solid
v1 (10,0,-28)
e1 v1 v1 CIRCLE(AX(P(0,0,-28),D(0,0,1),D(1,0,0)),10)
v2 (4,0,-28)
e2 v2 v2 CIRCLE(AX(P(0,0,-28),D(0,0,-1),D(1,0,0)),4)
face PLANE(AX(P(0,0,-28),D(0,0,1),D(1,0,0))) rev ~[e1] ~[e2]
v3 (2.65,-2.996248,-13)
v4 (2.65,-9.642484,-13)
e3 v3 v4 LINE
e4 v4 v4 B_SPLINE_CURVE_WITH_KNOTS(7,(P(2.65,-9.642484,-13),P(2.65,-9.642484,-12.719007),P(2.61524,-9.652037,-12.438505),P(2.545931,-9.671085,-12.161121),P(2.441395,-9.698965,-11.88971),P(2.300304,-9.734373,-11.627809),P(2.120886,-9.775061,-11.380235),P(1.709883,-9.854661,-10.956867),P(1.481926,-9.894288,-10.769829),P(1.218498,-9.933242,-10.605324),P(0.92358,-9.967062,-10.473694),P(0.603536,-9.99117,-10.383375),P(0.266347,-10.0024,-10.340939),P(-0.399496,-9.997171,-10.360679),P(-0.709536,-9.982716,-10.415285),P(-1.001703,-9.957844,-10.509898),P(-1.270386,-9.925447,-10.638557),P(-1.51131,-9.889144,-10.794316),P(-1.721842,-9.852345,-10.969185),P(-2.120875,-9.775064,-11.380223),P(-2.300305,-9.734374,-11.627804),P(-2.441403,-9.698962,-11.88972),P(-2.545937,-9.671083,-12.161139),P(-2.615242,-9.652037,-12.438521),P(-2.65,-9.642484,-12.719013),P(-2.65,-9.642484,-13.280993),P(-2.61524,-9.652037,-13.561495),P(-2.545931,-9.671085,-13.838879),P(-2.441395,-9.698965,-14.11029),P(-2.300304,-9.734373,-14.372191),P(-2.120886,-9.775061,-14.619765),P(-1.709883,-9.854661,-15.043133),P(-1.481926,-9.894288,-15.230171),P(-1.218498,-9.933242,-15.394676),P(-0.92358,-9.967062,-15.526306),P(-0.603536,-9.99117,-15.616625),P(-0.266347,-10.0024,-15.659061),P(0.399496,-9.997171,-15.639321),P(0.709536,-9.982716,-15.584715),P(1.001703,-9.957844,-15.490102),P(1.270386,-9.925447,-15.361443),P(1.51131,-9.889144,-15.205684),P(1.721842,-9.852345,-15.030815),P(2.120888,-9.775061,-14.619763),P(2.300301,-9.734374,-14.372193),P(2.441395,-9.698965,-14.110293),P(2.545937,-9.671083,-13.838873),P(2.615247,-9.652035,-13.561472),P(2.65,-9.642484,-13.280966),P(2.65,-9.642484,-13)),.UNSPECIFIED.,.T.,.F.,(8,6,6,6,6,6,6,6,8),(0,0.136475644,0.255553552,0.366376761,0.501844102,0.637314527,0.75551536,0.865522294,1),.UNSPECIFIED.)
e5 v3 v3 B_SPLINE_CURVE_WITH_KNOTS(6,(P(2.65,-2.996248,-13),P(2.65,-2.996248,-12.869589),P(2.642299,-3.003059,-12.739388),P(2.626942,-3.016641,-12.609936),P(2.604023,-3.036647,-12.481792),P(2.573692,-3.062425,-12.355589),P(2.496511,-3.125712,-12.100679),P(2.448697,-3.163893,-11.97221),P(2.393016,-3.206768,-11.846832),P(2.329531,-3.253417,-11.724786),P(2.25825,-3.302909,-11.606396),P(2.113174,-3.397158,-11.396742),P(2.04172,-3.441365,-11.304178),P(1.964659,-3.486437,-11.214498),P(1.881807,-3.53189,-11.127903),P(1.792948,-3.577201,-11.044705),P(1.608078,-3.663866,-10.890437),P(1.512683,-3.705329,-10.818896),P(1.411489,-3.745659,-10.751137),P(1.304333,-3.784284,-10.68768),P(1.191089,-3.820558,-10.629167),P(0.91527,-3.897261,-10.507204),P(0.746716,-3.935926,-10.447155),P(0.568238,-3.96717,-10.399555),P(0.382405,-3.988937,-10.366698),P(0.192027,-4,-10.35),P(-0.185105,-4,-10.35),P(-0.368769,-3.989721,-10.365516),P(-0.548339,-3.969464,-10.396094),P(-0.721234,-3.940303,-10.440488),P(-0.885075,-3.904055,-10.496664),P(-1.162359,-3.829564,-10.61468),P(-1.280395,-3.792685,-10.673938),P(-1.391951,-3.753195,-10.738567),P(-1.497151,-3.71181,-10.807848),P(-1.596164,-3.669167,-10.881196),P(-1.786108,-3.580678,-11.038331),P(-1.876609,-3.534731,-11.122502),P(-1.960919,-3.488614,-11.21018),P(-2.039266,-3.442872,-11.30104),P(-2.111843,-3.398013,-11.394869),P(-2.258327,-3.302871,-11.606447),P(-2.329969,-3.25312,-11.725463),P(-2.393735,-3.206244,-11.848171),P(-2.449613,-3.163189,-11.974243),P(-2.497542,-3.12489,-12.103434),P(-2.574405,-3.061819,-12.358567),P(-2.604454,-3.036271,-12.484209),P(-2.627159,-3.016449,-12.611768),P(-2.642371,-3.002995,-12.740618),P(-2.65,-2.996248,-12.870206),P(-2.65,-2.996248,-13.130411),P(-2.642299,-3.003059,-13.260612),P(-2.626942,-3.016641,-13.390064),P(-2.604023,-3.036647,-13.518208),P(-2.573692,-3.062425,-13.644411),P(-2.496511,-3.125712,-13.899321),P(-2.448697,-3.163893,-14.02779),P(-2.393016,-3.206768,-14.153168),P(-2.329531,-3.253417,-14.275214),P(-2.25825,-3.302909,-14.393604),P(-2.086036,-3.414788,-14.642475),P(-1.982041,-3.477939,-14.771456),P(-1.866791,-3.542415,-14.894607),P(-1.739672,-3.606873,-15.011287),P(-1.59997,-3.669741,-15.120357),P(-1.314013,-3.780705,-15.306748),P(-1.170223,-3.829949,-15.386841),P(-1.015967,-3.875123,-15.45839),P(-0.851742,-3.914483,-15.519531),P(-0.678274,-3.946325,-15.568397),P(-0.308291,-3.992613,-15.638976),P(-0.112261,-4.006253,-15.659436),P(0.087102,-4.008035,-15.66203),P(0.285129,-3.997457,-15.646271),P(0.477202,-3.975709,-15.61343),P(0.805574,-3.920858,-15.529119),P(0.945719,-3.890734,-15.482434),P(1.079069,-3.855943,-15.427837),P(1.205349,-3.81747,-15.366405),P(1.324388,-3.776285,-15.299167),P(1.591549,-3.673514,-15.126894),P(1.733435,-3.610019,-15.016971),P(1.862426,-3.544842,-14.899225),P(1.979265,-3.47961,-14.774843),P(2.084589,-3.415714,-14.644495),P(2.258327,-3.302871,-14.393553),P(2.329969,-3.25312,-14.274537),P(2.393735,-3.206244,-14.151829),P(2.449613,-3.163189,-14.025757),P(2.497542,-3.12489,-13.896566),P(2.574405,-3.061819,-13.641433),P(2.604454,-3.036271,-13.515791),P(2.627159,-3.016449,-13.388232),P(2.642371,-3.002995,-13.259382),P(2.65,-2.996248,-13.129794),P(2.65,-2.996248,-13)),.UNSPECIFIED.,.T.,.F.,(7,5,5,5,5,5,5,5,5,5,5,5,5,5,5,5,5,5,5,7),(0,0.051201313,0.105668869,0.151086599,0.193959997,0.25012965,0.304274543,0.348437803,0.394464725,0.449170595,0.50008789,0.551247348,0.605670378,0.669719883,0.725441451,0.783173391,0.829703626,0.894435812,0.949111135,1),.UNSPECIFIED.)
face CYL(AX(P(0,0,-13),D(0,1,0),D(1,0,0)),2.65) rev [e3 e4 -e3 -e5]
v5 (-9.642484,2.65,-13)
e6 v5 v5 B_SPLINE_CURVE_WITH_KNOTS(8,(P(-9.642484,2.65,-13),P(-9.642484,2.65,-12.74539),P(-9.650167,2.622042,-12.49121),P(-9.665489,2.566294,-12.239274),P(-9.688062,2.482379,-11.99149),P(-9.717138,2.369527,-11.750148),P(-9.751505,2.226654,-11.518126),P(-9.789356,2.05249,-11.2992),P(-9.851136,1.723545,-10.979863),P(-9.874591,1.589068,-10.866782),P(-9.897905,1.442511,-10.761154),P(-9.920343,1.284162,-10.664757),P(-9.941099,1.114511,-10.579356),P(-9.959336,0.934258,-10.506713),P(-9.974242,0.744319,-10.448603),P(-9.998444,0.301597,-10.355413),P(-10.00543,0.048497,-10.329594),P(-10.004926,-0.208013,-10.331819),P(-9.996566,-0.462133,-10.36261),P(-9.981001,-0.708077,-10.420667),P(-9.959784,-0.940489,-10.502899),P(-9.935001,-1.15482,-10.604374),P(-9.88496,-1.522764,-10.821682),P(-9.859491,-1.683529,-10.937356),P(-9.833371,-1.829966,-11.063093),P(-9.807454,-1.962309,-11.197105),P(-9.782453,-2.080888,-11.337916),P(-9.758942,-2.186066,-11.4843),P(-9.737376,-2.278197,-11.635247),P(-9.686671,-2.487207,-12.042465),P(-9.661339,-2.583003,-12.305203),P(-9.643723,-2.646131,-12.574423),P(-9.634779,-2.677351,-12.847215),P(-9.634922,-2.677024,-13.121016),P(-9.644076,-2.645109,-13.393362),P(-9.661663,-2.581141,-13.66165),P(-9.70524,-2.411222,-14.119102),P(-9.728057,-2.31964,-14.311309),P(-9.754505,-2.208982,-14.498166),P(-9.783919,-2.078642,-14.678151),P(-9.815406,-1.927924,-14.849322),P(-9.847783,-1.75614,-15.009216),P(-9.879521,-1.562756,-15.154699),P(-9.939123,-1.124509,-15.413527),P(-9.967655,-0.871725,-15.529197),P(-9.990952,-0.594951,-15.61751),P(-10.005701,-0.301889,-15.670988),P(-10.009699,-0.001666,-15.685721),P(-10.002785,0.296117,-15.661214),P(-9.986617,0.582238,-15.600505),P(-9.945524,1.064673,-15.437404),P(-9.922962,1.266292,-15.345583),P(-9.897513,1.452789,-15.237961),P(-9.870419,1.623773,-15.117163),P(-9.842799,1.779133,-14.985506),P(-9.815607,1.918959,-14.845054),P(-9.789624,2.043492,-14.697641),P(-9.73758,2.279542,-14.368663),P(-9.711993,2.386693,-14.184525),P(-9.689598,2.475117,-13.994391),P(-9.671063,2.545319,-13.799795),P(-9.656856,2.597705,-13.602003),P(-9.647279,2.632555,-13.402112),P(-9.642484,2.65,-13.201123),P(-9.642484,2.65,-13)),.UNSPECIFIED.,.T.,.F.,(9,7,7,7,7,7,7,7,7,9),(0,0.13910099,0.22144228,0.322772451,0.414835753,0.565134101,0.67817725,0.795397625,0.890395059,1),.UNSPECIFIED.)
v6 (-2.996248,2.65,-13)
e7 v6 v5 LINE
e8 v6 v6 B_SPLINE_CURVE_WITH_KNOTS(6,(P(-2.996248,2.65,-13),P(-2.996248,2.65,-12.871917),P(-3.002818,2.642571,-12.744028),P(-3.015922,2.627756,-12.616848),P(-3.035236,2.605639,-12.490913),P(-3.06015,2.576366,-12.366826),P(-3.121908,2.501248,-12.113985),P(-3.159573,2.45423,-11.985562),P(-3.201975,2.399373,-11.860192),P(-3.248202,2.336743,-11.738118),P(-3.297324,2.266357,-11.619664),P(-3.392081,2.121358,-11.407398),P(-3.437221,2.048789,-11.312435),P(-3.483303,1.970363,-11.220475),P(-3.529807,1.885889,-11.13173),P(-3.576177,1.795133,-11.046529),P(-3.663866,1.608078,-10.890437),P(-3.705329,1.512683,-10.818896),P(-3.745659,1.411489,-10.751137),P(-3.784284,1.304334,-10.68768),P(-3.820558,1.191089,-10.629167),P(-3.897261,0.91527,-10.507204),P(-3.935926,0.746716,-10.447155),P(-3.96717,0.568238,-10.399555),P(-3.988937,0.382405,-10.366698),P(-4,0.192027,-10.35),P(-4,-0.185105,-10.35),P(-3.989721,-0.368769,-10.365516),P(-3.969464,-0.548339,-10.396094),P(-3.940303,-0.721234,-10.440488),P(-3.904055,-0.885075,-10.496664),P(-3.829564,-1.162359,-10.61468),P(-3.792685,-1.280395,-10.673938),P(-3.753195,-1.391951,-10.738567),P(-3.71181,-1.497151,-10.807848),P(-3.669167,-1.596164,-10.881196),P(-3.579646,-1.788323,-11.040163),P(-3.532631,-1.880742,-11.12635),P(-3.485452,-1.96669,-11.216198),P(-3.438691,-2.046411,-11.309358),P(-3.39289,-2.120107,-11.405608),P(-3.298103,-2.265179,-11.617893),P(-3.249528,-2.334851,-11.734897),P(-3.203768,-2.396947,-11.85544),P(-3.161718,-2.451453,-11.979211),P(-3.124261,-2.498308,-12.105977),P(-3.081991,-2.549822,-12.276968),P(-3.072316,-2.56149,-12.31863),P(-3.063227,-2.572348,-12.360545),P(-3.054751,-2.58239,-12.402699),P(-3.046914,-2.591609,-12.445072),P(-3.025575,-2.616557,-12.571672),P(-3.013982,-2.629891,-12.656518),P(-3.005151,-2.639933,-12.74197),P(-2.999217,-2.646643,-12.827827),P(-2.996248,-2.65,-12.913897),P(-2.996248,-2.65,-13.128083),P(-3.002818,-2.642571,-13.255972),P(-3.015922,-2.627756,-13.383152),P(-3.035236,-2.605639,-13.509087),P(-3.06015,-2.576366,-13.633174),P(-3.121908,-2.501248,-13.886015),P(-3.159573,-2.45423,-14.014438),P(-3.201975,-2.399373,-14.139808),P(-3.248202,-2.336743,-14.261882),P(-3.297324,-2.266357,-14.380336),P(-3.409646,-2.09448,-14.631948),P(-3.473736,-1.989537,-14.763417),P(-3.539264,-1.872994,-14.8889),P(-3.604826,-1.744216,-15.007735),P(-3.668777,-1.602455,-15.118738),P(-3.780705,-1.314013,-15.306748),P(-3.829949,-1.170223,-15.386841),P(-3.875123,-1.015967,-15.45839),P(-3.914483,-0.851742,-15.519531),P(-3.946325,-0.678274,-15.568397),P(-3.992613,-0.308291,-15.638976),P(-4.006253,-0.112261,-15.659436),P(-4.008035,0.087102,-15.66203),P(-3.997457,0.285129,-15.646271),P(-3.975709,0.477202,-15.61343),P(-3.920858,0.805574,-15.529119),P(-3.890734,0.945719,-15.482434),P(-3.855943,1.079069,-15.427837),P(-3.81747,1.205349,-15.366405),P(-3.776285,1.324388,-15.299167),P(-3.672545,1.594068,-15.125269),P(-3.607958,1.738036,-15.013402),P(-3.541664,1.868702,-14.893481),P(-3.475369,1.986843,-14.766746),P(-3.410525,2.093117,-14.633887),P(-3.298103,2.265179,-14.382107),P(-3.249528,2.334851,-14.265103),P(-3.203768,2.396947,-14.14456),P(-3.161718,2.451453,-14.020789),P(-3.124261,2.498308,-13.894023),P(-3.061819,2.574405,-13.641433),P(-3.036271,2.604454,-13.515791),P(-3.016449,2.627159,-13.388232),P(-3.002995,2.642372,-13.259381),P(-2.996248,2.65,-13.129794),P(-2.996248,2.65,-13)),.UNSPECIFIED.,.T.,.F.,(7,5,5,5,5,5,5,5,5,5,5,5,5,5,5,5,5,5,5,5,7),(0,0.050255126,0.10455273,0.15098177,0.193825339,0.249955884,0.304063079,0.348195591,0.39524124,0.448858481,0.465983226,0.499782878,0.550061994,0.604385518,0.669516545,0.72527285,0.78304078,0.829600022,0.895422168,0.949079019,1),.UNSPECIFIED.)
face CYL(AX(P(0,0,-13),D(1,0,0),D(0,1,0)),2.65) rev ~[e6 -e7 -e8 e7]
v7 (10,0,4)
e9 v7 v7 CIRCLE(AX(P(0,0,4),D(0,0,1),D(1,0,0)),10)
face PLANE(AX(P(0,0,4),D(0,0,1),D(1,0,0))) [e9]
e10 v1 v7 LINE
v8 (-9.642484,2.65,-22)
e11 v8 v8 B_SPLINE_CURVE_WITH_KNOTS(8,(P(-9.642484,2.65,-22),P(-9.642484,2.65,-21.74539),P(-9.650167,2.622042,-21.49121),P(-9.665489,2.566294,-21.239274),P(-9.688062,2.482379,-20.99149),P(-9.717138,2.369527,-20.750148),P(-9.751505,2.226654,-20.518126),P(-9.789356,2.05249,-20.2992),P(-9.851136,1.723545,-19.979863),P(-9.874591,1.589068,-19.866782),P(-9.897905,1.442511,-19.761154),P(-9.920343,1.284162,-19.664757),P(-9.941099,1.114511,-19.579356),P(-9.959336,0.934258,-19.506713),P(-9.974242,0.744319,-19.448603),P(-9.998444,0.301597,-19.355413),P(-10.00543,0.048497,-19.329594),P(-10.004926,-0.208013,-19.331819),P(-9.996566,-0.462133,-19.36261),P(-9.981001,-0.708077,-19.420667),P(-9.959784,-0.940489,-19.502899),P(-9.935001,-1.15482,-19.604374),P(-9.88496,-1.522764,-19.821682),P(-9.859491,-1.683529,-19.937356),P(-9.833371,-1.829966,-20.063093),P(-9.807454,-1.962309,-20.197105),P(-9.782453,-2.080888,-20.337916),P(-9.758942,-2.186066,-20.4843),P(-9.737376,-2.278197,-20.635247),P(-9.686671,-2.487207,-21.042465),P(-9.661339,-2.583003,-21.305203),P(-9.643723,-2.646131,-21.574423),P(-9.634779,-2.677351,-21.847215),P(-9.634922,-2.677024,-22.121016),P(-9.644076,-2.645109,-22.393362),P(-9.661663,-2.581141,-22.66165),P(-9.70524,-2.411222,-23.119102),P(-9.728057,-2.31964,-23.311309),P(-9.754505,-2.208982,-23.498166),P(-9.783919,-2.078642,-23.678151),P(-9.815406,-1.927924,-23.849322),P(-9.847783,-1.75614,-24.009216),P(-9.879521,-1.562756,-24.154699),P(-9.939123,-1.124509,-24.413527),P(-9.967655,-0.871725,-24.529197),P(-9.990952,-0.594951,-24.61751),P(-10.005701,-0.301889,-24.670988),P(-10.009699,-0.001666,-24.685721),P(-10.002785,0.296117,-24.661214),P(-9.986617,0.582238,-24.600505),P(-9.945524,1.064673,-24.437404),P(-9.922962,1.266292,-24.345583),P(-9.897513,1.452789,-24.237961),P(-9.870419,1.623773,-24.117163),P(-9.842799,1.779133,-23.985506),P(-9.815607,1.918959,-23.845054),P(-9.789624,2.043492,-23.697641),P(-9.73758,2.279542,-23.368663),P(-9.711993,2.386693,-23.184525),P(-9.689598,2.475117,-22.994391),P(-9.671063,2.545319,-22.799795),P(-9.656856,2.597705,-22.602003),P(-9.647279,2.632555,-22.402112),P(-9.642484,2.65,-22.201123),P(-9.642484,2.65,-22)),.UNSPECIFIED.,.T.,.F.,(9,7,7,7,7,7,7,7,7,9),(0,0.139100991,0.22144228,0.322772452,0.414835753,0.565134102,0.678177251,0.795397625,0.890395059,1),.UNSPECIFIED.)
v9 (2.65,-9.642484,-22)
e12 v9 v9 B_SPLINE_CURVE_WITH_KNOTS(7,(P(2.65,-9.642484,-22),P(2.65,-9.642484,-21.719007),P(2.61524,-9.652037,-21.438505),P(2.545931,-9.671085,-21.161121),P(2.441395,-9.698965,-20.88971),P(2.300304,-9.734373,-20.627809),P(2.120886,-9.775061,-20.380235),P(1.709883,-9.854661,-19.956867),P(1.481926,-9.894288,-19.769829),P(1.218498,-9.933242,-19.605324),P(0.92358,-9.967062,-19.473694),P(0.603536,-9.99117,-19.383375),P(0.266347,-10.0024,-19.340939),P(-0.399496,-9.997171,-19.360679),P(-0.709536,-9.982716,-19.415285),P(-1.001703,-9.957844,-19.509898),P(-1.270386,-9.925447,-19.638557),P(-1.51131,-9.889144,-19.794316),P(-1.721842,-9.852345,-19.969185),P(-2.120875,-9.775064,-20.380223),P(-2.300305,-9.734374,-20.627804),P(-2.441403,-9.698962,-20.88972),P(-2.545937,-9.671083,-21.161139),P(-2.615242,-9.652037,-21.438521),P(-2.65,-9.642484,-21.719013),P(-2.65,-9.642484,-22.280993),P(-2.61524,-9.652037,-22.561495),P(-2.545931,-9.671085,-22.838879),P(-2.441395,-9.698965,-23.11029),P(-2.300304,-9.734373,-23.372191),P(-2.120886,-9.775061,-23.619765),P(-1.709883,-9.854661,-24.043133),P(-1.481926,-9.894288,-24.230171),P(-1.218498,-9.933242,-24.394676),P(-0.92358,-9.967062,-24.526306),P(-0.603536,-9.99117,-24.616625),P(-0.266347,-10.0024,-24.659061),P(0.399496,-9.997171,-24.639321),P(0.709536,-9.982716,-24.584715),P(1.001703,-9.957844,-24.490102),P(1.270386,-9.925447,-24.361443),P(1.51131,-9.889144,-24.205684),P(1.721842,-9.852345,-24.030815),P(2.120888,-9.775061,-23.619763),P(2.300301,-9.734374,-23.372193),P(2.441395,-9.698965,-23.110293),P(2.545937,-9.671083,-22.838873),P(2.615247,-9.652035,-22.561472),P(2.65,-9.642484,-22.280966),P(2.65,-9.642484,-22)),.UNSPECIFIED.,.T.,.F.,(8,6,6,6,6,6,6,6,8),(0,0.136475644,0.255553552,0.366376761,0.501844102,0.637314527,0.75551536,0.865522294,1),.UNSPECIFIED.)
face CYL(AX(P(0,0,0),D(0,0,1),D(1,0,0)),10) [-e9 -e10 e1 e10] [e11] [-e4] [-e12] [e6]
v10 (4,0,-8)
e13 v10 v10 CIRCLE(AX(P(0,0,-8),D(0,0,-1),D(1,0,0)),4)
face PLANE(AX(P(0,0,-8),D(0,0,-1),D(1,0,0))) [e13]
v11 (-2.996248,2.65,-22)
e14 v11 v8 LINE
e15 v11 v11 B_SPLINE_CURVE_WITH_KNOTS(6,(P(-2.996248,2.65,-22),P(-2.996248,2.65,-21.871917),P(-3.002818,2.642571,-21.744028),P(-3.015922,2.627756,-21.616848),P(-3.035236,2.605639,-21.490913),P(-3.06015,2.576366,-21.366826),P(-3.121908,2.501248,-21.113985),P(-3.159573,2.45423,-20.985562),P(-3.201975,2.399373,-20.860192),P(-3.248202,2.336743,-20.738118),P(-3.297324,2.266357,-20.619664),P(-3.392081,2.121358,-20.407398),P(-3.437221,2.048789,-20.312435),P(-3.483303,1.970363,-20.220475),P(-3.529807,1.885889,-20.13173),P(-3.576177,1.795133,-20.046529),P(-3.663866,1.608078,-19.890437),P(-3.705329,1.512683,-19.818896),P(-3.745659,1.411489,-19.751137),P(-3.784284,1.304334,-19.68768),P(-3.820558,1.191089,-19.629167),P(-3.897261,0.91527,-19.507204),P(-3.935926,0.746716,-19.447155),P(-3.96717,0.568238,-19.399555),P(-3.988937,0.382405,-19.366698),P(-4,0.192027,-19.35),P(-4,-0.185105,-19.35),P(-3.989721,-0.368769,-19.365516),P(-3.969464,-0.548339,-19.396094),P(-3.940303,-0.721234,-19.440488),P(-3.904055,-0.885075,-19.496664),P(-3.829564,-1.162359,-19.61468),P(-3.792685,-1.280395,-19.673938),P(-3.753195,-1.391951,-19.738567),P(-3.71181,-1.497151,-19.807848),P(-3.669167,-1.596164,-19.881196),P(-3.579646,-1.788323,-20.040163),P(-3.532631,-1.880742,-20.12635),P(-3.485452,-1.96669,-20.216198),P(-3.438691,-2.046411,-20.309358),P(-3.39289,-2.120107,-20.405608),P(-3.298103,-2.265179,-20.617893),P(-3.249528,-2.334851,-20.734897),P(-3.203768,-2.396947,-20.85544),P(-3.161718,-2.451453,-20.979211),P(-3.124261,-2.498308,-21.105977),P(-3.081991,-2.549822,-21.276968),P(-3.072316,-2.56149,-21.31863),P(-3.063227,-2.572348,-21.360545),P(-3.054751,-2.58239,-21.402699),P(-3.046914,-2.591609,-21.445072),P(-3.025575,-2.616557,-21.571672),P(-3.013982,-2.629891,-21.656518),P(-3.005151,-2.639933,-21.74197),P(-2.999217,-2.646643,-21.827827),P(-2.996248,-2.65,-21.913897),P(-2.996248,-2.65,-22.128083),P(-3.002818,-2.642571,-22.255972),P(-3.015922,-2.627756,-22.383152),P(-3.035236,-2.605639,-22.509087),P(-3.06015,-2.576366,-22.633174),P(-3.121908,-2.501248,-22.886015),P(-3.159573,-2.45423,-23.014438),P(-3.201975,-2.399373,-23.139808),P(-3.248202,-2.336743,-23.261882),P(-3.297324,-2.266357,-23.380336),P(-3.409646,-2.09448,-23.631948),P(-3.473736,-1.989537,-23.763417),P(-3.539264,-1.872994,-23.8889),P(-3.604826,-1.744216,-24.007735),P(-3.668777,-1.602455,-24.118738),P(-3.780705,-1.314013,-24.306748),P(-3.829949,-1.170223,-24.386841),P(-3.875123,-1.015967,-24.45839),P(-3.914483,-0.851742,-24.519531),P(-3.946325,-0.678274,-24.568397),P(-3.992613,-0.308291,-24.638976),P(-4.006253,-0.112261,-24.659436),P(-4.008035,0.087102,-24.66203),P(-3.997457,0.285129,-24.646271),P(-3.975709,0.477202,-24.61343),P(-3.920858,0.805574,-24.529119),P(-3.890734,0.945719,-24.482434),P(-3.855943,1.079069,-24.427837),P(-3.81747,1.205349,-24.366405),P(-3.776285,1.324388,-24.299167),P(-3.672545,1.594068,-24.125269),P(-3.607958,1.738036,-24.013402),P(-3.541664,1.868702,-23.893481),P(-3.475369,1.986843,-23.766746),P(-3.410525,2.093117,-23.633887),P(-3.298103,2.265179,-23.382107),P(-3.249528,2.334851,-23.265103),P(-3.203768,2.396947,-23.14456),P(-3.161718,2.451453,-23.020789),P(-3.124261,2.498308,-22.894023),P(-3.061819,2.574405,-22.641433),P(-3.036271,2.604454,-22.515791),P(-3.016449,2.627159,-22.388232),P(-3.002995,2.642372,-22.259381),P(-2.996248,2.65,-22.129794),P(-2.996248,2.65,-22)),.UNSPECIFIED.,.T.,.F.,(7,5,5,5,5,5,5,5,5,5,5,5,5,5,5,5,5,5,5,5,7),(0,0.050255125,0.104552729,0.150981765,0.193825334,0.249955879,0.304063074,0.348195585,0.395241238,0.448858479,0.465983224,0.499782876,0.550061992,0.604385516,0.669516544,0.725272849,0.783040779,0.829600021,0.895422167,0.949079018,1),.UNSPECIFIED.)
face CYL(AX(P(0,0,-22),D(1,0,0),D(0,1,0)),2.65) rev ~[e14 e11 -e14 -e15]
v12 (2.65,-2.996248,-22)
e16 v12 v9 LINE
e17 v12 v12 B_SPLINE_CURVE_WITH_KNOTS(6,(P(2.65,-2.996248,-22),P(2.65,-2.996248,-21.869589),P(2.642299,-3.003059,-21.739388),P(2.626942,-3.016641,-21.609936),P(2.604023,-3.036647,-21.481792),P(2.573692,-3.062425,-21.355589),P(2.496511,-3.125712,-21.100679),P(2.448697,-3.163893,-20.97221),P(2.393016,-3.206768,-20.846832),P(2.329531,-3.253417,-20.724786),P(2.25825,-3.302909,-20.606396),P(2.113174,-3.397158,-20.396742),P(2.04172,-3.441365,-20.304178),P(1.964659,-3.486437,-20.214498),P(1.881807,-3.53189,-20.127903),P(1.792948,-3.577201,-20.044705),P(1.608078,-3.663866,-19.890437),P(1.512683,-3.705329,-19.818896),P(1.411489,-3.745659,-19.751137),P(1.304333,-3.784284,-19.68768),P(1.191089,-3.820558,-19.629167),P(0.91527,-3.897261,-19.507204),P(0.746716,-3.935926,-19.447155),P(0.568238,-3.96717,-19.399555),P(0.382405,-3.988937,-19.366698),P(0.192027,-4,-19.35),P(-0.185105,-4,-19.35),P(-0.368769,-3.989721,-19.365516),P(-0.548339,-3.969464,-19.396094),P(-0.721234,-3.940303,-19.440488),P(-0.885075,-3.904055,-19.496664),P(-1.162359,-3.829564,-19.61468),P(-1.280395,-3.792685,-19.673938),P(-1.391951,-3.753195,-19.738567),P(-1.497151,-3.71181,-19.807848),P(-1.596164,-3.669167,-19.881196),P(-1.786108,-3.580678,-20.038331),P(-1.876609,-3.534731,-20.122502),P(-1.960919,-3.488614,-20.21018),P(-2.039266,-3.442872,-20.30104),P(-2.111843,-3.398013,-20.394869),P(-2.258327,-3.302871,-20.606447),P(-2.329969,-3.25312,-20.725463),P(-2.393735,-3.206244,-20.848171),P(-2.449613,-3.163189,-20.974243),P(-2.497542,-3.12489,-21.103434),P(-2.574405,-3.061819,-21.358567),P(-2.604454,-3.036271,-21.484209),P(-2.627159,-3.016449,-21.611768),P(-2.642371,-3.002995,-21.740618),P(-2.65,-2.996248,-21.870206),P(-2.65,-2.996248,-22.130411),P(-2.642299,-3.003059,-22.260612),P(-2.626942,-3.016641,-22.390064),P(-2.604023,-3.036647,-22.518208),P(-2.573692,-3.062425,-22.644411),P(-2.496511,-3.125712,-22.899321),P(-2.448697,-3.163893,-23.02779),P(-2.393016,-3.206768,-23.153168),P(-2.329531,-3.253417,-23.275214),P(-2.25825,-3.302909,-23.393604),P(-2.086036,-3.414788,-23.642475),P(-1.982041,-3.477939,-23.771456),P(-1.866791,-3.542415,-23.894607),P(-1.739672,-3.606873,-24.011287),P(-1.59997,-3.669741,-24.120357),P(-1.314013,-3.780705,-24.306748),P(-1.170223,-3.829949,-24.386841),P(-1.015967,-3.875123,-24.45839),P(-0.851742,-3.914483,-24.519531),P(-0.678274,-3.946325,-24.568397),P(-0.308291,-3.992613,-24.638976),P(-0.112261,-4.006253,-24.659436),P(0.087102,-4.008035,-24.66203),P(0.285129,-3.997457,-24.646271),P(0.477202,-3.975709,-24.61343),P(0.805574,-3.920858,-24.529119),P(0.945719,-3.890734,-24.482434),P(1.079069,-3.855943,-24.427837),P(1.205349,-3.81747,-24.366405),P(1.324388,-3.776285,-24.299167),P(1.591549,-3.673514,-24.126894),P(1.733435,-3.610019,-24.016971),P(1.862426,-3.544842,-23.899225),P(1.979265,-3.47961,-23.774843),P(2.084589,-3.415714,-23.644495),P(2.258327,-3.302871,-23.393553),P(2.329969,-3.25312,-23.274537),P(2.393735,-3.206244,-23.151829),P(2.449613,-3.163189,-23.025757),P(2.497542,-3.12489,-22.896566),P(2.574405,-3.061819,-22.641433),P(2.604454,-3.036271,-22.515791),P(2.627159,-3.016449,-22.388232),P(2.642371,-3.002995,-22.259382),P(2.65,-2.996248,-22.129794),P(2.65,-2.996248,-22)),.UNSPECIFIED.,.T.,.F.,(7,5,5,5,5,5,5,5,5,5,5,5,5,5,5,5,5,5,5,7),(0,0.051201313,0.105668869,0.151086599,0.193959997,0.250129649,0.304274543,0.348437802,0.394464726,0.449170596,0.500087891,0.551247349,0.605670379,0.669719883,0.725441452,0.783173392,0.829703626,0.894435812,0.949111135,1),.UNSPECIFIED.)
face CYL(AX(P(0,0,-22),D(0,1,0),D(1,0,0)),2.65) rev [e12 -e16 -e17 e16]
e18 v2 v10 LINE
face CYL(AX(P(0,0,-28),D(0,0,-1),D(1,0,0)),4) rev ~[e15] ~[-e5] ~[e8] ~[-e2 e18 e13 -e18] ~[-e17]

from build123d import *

# Parameters (mm, degrees)
SKETCH051_R       = 10
PAD041_DEPTH      = 4
PAD041_DEPTH_BACK = 28
SKETCH052_R       = 4
POCKET_DEPTH      = 20
SKETCH053_R       = 2.65
POCKET005_DEPTH   = 27
SKETCH054_R       = 2.65
POCKET006_DEPTH   = 11


with BuildPart() as part:
    # Sketch051 → Pad041 (new body, two sides)
    with BuildSketch(Plane.XY) as pad041_sk:
        Circle(SKETCH051_R)
    extrude(amount=PAD041_DEPTH)
    extrude(pad041_sk.sketch, amount=-PAD041_DEPTH_BACK)

    # Sketch052 (on Face2 of Pad041) → Pocket (cut)
    with BuildSketch(Plane(origin=(0, 0, -28), x_dir=(1, 0, 0), z_dir=(0, 0, -1))):
        Circle(SKETCH052_R)
    extrude(amount=-POCKET_DEPTH, mode=Mode.SUBTRACT)

    # Sketch053 → Pocket005 (cut)
    with BuildSketch(Plane.XZ):
        with Locations((0, -22)):
            Circle(SKETCH053_R)
        with Locations((0, -13)):
            Circle(SKETCH053_R)
    extrude(amount=POCKET005_DEPTH, mode=Mode.SUBTRACT)

    # Sketch054 → Pocket006 (cut)
    with BuildSketch(Plane.YZ):
        with Locations((0, -13)):
            Circle(SKETCH054_R)
        with Locations((0, -22)):
            Circle(SKETCH054_R)
    extrude(amount=-POCKET006_DEPTH, mode=Mode.SUBTRACT)


solid = part.part
